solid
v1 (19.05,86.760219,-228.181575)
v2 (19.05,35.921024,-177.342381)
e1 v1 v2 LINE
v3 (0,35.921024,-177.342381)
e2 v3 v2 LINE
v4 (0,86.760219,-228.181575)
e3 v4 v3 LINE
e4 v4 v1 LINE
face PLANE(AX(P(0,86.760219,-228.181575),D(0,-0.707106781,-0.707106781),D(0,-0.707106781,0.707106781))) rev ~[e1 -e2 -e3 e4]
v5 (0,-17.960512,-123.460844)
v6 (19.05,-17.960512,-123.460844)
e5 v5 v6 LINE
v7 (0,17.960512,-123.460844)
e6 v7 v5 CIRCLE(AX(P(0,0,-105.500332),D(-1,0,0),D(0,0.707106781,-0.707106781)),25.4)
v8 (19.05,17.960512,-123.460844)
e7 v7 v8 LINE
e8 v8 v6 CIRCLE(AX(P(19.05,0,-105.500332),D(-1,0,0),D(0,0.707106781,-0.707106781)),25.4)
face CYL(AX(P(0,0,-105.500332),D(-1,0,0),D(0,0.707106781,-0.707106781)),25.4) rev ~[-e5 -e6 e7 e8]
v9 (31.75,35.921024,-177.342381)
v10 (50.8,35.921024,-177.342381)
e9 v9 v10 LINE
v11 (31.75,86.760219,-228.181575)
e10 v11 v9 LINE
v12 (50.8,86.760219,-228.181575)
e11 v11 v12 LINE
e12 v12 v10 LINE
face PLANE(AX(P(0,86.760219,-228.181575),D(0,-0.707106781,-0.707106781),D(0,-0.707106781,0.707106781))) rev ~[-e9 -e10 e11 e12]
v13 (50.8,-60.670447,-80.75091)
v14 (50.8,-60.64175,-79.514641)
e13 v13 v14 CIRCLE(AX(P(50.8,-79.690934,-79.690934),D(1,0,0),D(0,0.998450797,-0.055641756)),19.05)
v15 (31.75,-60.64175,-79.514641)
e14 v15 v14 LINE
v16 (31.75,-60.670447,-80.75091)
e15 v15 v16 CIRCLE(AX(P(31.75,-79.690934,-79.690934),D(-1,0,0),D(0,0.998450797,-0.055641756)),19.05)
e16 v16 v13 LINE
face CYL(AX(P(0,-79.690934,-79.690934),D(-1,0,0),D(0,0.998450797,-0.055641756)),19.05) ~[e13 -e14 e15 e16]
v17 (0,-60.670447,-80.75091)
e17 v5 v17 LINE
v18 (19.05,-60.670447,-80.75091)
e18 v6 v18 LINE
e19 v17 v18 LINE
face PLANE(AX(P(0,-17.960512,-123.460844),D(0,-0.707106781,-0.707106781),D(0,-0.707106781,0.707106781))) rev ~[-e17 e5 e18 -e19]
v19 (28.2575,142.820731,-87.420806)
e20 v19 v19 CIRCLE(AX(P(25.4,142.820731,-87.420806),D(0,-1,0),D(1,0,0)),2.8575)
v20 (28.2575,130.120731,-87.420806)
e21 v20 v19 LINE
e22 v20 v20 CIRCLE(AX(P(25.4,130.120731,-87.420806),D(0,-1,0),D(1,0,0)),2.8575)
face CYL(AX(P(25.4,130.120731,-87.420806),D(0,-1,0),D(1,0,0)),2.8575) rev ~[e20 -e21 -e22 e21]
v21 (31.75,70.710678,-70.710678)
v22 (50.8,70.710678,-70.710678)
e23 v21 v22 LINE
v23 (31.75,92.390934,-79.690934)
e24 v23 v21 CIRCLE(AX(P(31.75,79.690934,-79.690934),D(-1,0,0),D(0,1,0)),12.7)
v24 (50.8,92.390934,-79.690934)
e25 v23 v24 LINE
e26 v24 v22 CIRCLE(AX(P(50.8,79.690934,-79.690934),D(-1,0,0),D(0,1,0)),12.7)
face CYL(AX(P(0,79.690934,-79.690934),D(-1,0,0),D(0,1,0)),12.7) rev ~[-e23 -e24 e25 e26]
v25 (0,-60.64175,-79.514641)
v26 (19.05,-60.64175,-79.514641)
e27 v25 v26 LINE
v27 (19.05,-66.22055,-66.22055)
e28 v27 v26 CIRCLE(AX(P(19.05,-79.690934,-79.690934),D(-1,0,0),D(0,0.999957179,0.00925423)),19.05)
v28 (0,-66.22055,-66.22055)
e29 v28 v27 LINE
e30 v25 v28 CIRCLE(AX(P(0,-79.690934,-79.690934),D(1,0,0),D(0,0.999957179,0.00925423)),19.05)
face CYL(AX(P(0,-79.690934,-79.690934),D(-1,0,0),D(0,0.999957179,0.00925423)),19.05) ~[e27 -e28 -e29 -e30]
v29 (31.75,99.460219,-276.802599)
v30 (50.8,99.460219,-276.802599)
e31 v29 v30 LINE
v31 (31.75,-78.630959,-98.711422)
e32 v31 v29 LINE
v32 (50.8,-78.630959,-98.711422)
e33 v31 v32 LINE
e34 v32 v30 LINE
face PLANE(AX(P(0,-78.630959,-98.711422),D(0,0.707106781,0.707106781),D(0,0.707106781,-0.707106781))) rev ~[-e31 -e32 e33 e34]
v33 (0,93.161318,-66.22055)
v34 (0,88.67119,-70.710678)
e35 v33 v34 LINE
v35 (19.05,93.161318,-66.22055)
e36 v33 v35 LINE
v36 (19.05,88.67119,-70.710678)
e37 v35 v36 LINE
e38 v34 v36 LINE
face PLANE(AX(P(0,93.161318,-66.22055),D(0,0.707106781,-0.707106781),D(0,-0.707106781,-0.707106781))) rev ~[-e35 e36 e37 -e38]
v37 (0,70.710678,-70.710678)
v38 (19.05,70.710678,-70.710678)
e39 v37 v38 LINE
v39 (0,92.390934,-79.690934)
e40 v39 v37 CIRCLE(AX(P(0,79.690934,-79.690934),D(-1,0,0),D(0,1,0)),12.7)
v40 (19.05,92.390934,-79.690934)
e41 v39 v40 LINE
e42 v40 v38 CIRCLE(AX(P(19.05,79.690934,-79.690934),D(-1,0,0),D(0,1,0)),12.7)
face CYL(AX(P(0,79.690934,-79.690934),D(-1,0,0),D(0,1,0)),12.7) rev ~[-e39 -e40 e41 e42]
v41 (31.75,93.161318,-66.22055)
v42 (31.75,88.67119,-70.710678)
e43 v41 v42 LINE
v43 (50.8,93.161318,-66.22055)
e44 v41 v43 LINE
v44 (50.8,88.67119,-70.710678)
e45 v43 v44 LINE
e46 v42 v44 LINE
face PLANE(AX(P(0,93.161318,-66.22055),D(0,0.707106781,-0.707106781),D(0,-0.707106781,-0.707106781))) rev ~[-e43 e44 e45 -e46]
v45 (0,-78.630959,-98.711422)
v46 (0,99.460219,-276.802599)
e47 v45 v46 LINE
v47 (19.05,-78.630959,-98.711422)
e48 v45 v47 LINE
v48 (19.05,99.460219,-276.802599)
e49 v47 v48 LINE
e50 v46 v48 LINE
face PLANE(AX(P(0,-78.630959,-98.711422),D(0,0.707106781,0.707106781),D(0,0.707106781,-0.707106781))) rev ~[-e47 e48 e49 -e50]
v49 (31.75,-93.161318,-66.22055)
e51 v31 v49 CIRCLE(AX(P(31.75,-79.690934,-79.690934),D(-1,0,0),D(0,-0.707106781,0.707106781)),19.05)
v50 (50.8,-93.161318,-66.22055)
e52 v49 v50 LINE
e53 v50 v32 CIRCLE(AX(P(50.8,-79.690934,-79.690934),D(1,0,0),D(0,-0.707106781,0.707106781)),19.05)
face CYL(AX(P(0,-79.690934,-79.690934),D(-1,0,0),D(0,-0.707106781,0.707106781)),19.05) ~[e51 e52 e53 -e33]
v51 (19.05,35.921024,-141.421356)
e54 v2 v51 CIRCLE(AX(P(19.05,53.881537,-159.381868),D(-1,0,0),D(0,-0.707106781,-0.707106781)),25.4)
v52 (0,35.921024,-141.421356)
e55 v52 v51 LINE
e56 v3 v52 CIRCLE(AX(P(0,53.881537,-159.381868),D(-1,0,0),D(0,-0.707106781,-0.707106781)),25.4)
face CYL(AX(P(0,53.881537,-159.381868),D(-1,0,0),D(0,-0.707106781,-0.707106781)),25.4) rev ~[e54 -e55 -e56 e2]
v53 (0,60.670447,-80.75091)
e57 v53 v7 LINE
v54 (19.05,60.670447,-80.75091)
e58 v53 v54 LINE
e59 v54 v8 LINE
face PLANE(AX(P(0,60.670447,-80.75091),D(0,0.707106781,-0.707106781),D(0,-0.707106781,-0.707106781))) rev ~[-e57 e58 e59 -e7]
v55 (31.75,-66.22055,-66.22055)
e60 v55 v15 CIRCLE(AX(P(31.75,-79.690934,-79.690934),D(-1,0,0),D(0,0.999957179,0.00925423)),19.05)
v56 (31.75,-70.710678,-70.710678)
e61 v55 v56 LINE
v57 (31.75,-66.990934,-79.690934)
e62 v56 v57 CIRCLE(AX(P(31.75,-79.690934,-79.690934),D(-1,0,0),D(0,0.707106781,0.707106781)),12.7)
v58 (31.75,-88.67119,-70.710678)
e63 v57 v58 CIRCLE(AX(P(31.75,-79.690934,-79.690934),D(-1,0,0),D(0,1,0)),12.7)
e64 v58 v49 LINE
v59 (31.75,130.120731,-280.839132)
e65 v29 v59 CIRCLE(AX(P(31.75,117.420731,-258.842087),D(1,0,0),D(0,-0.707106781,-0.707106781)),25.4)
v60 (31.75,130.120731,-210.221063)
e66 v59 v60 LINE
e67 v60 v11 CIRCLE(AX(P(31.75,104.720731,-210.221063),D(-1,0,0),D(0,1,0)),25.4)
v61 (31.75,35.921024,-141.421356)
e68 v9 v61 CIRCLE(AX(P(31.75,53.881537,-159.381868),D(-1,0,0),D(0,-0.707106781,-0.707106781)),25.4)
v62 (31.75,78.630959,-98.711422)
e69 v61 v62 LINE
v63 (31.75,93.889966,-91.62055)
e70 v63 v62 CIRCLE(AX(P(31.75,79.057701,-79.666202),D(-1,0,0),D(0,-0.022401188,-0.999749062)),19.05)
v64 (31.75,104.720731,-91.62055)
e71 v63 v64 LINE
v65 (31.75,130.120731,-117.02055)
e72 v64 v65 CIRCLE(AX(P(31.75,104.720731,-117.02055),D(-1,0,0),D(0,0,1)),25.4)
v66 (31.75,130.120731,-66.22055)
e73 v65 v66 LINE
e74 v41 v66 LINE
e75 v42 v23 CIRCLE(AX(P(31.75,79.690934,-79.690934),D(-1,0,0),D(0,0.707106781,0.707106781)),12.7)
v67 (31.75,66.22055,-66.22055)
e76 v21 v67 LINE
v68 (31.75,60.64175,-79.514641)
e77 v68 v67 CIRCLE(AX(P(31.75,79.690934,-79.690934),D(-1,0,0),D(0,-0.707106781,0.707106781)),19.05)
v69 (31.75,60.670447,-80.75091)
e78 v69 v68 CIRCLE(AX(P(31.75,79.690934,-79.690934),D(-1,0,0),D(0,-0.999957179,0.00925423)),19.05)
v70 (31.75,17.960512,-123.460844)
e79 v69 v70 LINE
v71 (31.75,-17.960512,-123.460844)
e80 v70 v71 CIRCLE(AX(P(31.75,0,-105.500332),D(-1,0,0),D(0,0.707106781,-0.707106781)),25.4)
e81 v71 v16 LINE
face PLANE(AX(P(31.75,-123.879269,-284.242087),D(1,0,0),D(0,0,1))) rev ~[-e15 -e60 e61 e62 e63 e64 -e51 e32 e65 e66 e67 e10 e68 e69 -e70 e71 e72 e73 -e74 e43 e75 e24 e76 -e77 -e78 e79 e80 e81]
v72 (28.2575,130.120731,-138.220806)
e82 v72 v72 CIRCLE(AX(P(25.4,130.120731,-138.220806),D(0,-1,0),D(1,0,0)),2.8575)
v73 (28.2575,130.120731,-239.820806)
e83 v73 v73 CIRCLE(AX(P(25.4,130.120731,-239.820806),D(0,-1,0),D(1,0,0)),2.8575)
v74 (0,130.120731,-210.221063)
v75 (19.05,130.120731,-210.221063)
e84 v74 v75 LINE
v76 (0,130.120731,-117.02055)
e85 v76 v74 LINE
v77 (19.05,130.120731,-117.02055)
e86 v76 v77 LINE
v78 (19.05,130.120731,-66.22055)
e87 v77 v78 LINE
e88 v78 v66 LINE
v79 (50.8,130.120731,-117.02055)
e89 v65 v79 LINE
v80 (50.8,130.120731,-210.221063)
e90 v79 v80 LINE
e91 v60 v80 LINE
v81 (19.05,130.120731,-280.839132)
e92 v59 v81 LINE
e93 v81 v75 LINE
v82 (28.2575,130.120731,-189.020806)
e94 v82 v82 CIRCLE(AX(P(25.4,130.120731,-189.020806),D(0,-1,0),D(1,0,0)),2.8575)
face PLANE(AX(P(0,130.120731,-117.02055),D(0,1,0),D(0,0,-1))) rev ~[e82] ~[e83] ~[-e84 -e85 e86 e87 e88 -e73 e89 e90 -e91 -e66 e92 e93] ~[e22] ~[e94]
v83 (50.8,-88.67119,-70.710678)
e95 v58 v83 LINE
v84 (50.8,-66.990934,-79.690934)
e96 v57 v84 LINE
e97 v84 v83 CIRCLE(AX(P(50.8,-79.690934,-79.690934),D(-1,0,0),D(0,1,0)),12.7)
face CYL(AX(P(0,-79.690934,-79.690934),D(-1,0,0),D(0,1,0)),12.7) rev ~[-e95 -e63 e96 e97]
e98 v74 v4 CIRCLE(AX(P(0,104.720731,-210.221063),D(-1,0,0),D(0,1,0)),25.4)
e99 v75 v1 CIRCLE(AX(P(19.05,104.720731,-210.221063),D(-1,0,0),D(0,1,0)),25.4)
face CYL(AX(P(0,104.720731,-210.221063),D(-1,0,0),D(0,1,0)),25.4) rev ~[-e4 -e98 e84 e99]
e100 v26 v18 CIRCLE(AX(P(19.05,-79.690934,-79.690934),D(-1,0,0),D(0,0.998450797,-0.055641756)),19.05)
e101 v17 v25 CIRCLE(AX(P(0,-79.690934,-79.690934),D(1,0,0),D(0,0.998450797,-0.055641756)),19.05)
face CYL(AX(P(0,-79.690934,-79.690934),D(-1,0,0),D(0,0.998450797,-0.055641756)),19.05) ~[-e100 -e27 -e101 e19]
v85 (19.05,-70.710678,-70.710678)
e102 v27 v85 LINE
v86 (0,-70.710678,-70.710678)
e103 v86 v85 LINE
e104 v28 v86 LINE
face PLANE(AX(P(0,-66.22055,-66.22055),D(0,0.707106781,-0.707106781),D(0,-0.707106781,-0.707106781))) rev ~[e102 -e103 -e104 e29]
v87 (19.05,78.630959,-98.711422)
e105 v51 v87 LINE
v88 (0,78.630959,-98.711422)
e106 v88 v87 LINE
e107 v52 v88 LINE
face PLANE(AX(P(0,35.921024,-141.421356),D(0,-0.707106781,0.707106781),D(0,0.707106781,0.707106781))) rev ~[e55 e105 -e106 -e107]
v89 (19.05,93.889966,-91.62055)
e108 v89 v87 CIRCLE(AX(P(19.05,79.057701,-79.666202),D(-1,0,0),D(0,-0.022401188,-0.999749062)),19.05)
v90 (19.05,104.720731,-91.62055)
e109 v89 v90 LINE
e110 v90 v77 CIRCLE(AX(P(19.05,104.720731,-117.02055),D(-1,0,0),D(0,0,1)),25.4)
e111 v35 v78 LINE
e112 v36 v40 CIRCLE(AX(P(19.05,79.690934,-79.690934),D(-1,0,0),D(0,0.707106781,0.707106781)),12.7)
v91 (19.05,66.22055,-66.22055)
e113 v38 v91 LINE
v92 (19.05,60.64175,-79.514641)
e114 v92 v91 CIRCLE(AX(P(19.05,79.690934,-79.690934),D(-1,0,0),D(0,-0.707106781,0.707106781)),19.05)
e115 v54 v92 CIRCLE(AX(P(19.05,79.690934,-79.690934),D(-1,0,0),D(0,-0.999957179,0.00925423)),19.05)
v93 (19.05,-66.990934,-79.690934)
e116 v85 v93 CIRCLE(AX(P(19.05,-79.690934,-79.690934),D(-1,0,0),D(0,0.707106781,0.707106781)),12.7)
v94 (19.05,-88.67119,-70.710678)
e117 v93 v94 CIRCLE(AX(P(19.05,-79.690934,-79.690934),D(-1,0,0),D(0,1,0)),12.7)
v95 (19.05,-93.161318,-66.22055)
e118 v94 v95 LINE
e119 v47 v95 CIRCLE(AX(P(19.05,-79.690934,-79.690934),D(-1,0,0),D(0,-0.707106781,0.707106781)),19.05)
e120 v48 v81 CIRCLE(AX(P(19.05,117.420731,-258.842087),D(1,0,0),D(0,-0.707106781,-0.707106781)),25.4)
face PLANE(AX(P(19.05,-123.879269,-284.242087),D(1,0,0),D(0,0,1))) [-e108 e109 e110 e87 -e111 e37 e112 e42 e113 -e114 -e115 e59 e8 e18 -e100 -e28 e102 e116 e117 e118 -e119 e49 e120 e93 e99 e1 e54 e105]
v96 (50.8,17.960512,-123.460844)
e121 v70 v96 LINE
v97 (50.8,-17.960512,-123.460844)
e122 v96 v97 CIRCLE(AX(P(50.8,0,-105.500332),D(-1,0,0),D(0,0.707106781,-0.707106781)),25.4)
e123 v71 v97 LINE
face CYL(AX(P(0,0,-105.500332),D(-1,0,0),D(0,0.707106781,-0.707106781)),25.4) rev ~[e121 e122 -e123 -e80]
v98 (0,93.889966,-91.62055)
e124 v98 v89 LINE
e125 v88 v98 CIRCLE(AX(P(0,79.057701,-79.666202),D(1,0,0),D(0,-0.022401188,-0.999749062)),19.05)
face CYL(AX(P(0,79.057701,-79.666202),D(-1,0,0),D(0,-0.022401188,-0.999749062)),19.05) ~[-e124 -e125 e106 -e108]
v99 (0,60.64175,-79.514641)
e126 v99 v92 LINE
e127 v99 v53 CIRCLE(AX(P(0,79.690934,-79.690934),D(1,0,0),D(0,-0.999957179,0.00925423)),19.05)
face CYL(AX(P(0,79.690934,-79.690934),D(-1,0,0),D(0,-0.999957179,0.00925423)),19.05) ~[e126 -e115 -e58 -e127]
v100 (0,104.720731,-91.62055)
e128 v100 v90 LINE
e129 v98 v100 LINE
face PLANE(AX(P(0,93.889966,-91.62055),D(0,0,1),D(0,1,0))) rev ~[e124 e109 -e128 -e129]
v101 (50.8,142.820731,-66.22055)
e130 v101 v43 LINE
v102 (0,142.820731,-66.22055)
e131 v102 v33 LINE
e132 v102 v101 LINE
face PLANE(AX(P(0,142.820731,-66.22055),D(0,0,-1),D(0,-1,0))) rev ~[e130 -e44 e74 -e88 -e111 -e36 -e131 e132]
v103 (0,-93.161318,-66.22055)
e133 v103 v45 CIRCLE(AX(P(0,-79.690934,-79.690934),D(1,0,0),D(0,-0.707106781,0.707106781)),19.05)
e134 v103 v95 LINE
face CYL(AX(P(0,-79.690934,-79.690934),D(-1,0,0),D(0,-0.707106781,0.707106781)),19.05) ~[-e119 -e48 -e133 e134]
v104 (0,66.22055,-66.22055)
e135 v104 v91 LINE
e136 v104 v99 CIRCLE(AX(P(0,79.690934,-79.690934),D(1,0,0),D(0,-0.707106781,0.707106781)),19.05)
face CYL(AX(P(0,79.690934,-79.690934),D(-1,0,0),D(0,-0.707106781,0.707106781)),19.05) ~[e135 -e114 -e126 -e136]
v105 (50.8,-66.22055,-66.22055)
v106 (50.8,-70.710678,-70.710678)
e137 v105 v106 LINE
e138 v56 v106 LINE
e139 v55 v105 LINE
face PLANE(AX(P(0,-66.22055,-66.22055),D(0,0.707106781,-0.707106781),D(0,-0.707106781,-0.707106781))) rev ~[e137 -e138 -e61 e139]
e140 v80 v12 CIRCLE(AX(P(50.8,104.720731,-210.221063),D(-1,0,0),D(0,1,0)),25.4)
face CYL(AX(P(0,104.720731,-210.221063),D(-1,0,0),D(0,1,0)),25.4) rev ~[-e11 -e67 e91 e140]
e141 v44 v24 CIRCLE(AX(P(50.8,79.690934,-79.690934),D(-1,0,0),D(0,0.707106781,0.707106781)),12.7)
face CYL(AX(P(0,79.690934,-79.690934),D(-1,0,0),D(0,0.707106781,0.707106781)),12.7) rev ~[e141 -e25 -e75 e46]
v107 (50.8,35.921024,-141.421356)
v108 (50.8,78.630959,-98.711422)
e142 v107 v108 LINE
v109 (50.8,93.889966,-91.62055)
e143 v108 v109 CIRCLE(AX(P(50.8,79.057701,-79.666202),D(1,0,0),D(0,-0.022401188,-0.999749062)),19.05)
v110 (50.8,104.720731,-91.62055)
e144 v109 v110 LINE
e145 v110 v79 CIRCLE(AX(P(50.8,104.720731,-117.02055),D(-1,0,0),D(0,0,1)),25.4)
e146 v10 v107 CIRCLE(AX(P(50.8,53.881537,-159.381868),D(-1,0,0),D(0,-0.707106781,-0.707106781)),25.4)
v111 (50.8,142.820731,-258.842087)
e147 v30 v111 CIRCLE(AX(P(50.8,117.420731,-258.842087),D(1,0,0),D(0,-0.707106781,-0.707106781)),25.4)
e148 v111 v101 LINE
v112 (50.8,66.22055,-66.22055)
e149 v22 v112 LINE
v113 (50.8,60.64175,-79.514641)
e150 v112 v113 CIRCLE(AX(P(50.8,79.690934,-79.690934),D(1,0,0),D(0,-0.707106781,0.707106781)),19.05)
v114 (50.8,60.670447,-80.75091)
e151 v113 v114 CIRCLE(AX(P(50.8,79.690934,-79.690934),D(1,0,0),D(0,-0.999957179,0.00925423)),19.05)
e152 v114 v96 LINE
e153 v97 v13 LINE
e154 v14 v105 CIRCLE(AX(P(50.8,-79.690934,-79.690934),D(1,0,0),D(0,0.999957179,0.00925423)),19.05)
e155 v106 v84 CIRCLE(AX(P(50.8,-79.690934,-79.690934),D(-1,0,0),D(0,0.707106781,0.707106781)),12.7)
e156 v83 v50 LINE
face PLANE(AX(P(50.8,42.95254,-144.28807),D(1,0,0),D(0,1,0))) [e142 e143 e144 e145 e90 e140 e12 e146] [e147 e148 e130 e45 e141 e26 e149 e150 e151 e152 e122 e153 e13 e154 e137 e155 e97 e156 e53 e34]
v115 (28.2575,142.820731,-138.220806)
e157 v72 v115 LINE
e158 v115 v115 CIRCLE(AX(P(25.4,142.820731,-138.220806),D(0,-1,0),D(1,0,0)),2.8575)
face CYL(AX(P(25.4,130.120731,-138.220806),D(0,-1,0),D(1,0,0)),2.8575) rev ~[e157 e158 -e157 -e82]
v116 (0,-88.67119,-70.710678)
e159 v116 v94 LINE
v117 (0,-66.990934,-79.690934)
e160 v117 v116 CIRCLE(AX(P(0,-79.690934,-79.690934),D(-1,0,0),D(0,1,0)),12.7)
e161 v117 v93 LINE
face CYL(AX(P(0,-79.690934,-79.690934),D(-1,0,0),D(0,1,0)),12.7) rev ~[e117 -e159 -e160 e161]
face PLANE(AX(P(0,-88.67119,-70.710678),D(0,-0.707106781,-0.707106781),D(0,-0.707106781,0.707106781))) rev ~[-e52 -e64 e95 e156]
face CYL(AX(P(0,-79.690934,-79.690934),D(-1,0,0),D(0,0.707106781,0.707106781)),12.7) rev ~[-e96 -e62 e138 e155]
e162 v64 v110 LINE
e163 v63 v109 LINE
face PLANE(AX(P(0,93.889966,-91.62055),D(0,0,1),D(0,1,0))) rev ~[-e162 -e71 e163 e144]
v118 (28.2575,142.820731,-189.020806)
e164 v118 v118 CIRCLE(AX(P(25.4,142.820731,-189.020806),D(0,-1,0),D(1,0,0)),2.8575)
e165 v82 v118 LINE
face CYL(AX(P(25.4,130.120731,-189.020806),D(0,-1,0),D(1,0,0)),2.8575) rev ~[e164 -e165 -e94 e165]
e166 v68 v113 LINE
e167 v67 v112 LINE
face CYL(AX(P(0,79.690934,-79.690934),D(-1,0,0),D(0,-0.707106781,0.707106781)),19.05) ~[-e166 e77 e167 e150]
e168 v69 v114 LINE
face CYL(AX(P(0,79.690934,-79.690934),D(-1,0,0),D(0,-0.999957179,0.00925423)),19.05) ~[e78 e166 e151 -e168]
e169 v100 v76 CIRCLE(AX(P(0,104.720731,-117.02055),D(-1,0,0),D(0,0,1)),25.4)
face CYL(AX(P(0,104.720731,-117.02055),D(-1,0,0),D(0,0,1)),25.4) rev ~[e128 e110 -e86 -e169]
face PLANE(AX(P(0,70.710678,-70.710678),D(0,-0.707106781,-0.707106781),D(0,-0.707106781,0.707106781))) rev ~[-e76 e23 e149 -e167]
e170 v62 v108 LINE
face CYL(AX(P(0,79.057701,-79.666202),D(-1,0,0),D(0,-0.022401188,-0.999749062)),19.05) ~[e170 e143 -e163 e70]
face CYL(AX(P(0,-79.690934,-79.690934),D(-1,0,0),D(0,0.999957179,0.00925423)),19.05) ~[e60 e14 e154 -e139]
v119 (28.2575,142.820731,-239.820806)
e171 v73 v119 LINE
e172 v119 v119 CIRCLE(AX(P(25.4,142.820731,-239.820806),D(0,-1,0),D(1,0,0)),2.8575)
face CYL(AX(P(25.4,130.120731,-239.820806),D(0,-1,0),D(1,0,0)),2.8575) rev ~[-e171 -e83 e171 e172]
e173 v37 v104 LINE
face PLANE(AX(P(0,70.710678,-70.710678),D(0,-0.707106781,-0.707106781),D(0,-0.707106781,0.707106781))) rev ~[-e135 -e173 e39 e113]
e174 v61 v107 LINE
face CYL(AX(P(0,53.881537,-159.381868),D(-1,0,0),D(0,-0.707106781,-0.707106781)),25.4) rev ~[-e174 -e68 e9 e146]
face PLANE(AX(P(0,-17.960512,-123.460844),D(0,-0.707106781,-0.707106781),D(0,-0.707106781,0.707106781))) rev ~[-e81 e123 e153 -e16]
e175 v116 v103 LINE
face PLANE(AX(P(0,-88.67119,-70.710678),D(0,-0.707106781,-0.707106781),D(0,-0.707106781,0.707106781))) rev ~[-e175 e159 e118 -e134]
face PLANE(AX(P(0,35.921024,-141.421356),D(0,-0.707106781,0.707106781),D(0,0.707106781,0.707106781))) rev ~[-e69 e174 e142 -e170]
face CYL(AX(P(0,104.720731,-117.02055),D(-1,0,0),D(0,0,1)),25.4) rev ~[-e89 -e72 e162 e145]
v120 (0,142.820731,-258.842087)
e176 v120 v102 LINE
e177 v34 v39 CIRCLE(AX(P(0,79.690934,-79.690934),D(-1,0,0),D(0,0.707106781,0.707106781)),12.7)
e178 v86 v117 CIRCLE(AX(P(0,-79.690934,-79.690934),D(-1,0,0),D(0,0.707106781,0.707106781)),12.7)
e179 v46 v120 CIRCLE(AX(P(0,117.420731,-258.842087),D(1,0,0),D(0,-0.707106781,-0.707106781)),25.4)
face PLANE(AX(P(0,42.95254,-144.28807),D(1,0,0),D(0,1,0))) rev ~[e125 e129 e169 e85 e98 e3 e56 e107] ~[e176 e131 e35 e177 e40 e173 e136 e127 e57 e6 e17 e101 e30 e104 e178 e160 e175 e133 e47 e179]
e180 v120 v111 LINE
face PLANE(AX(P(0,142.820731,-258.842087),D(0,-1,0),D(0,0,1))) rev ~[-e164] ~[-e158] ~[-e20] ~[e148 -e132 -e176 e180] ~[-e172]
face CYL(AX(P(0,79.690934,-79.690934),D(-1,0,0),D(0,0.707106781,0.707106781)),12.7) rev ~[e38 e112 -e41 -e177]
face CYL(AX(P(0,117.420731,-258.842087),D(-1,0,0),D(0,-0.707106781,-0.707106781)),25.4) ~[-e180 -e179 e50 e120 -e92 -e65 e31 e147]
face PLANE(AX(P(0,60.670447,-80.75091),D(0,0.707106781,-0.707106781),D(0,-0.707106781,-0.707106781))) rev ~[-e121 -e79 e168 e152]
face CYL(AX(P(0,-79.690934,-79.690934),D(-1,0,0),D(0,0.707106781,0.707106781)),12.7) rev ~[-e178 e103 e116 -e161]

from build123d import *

# Parameters (mm, degrees)
F1_DEPTH = 50.8
F3_W     = 12.7
F3_H     = 218.0215369846
F4_DEPTH = 254
F5_R     = 2.8575
F6_DEPTH = 12.701


with BuildPart() as f1:
    # F0 (on Right) → F1 (new body)
    with BuildSketch(Plane.YZ):
        with BuildLine():
            ThreePointArc((92.3909342397, -79.6909342397), (74.8308546487, -91.4242043026), (70.7106781187, -70.7106781187))
            ThreePointArc((70.7106781187, -70.7106781187), (65.8235712608, -75.2811893269), (60.6417499855, -79.5146411593))
            ThreePointArc((60.6417499855, -79.5146411593), (60.6460643138, -80.133008335), (60.6704465476, -80.7509096897))
            Line((60.6704465476, -80.7509096897), (17.9605122421, -123.4608439952))
            ThreePointArc((17.9605122421, -123.4608439952), (0, -130.900331753), (-17.9605122421, -123.4608439952))
            Line((-17.9605122421, -123.4608439952), (-60.6704465476, -80.7509096897))
            ThreePointArc((-60.6704465476, -80.7509096897), (-60.6460643138, -80.133008335), (-60.6417499855, -79.5146411593))
            ThreePointArc((-60.6417499855, -79.5146411593), (-65.8235712608, -75.2811893269), (-70.7106781187, -70.7106781187))
            ThreePointArc((-70.7106781187, -70.7106781187), (-67.9576641768, -74.8308546487), (-66.9909342397, -79.6909342397))
            ThreePointArc((-66.9909342397, -79.6909342397), (-84.5510138308, -91.4242043026), (-88.6711903608, -70.7106781187))
            Line((-88.6711903608, -70.7106781187), (-93.1613184213, -66.2205500581))
            ThreePointArc((-93.1613184213, -66.2205500581), (-97.0811254405, -87.4680641731), (-78.6309587898, -98.7114219318))
            Line((-78.6309587898, -98.7114219318), (99.4602185633, -276.8025992848))
            ThreePointArc((99.4602185633, -276.8025992848), (127.1408899875, -282.3086271685), (142.8207308054, -258.8420870427))
            Line((142.8207308054, -258.8420870427), (142.8207308054, -66.2205500581))
            Line((142.8207308054, -66.2205500581), (130.1207308054, -66.2205500581))
            Line((130.1207308054, -66.2205500581), (93.1613184213, -66.2205500581))
            Line((93.1613184213, -66.2205500581), (88.6711903608, -70.7106781187))
            ThreePointArc((88.6711903608, -70.7106781187), (91.4242043026, -74.8308546487), (92.3909342397, -79.6909342397))
        make_face()
        with BuildLine():
            ThreePointArc((78.6309587898, -98.7114219318), (87.0857697361, -96.9419835869), (93.8899658968, -91.6205500581))
            Line((93.8899658968, -91.6205500581), (104.7207308054, -91.6205500581))
            ThreePointArc((104.7207308054, -91.6205500581), (122.6812430475, -99.060037816), (130.1207308054, -117.0205500581))
            Line((130.1207308054, -117.0205500581), (130.1207308054, -210.2210625584))
            ThreePointArc((130.1207308054, -210.2210625584), (114.4408899875, -233.6876026842), (86.7602185633, -228.1815748006))
            Line((86.7602185633, -228.1815748006), (35.9210244843, -177.3423807216))
            ThreePointArc((35.9210244843, -177.3423807216), (28.4815367264, -159.3818684794), (35.9210244843, -141.4213562373))
            Line((35.9210244843, -141.4213562373), (78.6309587898, -98.7114219318))
        make_face(mode=Mode.SUBTRACT)
        with BuildLine():
            ThreePointArc((60.6417499855, -79.5146411593), (65.8235712608, -75.2811893269), (70.7106781187, -70.7106781187))
            Line((70.7106781187, -70.7106781187), (66.2205500581, -66.2205500581))
            ThreePointArc((66.2205500581, -66.2205500581), (62.1249501408, -72.3194552405), (60.6417499855, -79.5146411593))
        make_face()
        with BuildLine():
            Line((-66.2205500581, -66.2205500581), (-70.7106781187, -70.7106781187))
            ThreePointArc((-70.7106781187, -70.7106781187), (-65.8235712608, -75.2811893269), (-60.6417499855, -79.5146411593))
            ThreePointArc((-60.6417499855, -79.5146411593), (-62.1249501408, -72.3194552405), (-66.2205500581, -66.2205500581))
        make_face()
    extrude(amount=F1_DEPTH)

    # F3 (on offset) → F4 (cut, through all)
    with BuildSketch(Plane.XZ.offset(123.8792691946)):
        with Locations((25.4, -175.2313185504)):
            Rectangle(F3_W, F3_H)
    extrude(amount=-F4_DEPTH, mode=Mode.SUBTRACT)

    # F5 (on face) → F6 (cut, through all)
    with BuildSketch(Plane.XZ.offset(-130.1207308054)):
        with Locations((25.4, -138.2208063083)):
            Circle(F5_R)
        with Locations((25.4, -87.4208063083)):
            Circle(F5_R)
        with Locations((25.4, -239.8208063083)):
            Circle(F5_R)
        with Locations((25.4, -189.0208063083)):
            Circle(F5_R)
    extrude(amount=-F6_DEPTH, mode=Mode.SUBTRACT)


solid = f1.part
